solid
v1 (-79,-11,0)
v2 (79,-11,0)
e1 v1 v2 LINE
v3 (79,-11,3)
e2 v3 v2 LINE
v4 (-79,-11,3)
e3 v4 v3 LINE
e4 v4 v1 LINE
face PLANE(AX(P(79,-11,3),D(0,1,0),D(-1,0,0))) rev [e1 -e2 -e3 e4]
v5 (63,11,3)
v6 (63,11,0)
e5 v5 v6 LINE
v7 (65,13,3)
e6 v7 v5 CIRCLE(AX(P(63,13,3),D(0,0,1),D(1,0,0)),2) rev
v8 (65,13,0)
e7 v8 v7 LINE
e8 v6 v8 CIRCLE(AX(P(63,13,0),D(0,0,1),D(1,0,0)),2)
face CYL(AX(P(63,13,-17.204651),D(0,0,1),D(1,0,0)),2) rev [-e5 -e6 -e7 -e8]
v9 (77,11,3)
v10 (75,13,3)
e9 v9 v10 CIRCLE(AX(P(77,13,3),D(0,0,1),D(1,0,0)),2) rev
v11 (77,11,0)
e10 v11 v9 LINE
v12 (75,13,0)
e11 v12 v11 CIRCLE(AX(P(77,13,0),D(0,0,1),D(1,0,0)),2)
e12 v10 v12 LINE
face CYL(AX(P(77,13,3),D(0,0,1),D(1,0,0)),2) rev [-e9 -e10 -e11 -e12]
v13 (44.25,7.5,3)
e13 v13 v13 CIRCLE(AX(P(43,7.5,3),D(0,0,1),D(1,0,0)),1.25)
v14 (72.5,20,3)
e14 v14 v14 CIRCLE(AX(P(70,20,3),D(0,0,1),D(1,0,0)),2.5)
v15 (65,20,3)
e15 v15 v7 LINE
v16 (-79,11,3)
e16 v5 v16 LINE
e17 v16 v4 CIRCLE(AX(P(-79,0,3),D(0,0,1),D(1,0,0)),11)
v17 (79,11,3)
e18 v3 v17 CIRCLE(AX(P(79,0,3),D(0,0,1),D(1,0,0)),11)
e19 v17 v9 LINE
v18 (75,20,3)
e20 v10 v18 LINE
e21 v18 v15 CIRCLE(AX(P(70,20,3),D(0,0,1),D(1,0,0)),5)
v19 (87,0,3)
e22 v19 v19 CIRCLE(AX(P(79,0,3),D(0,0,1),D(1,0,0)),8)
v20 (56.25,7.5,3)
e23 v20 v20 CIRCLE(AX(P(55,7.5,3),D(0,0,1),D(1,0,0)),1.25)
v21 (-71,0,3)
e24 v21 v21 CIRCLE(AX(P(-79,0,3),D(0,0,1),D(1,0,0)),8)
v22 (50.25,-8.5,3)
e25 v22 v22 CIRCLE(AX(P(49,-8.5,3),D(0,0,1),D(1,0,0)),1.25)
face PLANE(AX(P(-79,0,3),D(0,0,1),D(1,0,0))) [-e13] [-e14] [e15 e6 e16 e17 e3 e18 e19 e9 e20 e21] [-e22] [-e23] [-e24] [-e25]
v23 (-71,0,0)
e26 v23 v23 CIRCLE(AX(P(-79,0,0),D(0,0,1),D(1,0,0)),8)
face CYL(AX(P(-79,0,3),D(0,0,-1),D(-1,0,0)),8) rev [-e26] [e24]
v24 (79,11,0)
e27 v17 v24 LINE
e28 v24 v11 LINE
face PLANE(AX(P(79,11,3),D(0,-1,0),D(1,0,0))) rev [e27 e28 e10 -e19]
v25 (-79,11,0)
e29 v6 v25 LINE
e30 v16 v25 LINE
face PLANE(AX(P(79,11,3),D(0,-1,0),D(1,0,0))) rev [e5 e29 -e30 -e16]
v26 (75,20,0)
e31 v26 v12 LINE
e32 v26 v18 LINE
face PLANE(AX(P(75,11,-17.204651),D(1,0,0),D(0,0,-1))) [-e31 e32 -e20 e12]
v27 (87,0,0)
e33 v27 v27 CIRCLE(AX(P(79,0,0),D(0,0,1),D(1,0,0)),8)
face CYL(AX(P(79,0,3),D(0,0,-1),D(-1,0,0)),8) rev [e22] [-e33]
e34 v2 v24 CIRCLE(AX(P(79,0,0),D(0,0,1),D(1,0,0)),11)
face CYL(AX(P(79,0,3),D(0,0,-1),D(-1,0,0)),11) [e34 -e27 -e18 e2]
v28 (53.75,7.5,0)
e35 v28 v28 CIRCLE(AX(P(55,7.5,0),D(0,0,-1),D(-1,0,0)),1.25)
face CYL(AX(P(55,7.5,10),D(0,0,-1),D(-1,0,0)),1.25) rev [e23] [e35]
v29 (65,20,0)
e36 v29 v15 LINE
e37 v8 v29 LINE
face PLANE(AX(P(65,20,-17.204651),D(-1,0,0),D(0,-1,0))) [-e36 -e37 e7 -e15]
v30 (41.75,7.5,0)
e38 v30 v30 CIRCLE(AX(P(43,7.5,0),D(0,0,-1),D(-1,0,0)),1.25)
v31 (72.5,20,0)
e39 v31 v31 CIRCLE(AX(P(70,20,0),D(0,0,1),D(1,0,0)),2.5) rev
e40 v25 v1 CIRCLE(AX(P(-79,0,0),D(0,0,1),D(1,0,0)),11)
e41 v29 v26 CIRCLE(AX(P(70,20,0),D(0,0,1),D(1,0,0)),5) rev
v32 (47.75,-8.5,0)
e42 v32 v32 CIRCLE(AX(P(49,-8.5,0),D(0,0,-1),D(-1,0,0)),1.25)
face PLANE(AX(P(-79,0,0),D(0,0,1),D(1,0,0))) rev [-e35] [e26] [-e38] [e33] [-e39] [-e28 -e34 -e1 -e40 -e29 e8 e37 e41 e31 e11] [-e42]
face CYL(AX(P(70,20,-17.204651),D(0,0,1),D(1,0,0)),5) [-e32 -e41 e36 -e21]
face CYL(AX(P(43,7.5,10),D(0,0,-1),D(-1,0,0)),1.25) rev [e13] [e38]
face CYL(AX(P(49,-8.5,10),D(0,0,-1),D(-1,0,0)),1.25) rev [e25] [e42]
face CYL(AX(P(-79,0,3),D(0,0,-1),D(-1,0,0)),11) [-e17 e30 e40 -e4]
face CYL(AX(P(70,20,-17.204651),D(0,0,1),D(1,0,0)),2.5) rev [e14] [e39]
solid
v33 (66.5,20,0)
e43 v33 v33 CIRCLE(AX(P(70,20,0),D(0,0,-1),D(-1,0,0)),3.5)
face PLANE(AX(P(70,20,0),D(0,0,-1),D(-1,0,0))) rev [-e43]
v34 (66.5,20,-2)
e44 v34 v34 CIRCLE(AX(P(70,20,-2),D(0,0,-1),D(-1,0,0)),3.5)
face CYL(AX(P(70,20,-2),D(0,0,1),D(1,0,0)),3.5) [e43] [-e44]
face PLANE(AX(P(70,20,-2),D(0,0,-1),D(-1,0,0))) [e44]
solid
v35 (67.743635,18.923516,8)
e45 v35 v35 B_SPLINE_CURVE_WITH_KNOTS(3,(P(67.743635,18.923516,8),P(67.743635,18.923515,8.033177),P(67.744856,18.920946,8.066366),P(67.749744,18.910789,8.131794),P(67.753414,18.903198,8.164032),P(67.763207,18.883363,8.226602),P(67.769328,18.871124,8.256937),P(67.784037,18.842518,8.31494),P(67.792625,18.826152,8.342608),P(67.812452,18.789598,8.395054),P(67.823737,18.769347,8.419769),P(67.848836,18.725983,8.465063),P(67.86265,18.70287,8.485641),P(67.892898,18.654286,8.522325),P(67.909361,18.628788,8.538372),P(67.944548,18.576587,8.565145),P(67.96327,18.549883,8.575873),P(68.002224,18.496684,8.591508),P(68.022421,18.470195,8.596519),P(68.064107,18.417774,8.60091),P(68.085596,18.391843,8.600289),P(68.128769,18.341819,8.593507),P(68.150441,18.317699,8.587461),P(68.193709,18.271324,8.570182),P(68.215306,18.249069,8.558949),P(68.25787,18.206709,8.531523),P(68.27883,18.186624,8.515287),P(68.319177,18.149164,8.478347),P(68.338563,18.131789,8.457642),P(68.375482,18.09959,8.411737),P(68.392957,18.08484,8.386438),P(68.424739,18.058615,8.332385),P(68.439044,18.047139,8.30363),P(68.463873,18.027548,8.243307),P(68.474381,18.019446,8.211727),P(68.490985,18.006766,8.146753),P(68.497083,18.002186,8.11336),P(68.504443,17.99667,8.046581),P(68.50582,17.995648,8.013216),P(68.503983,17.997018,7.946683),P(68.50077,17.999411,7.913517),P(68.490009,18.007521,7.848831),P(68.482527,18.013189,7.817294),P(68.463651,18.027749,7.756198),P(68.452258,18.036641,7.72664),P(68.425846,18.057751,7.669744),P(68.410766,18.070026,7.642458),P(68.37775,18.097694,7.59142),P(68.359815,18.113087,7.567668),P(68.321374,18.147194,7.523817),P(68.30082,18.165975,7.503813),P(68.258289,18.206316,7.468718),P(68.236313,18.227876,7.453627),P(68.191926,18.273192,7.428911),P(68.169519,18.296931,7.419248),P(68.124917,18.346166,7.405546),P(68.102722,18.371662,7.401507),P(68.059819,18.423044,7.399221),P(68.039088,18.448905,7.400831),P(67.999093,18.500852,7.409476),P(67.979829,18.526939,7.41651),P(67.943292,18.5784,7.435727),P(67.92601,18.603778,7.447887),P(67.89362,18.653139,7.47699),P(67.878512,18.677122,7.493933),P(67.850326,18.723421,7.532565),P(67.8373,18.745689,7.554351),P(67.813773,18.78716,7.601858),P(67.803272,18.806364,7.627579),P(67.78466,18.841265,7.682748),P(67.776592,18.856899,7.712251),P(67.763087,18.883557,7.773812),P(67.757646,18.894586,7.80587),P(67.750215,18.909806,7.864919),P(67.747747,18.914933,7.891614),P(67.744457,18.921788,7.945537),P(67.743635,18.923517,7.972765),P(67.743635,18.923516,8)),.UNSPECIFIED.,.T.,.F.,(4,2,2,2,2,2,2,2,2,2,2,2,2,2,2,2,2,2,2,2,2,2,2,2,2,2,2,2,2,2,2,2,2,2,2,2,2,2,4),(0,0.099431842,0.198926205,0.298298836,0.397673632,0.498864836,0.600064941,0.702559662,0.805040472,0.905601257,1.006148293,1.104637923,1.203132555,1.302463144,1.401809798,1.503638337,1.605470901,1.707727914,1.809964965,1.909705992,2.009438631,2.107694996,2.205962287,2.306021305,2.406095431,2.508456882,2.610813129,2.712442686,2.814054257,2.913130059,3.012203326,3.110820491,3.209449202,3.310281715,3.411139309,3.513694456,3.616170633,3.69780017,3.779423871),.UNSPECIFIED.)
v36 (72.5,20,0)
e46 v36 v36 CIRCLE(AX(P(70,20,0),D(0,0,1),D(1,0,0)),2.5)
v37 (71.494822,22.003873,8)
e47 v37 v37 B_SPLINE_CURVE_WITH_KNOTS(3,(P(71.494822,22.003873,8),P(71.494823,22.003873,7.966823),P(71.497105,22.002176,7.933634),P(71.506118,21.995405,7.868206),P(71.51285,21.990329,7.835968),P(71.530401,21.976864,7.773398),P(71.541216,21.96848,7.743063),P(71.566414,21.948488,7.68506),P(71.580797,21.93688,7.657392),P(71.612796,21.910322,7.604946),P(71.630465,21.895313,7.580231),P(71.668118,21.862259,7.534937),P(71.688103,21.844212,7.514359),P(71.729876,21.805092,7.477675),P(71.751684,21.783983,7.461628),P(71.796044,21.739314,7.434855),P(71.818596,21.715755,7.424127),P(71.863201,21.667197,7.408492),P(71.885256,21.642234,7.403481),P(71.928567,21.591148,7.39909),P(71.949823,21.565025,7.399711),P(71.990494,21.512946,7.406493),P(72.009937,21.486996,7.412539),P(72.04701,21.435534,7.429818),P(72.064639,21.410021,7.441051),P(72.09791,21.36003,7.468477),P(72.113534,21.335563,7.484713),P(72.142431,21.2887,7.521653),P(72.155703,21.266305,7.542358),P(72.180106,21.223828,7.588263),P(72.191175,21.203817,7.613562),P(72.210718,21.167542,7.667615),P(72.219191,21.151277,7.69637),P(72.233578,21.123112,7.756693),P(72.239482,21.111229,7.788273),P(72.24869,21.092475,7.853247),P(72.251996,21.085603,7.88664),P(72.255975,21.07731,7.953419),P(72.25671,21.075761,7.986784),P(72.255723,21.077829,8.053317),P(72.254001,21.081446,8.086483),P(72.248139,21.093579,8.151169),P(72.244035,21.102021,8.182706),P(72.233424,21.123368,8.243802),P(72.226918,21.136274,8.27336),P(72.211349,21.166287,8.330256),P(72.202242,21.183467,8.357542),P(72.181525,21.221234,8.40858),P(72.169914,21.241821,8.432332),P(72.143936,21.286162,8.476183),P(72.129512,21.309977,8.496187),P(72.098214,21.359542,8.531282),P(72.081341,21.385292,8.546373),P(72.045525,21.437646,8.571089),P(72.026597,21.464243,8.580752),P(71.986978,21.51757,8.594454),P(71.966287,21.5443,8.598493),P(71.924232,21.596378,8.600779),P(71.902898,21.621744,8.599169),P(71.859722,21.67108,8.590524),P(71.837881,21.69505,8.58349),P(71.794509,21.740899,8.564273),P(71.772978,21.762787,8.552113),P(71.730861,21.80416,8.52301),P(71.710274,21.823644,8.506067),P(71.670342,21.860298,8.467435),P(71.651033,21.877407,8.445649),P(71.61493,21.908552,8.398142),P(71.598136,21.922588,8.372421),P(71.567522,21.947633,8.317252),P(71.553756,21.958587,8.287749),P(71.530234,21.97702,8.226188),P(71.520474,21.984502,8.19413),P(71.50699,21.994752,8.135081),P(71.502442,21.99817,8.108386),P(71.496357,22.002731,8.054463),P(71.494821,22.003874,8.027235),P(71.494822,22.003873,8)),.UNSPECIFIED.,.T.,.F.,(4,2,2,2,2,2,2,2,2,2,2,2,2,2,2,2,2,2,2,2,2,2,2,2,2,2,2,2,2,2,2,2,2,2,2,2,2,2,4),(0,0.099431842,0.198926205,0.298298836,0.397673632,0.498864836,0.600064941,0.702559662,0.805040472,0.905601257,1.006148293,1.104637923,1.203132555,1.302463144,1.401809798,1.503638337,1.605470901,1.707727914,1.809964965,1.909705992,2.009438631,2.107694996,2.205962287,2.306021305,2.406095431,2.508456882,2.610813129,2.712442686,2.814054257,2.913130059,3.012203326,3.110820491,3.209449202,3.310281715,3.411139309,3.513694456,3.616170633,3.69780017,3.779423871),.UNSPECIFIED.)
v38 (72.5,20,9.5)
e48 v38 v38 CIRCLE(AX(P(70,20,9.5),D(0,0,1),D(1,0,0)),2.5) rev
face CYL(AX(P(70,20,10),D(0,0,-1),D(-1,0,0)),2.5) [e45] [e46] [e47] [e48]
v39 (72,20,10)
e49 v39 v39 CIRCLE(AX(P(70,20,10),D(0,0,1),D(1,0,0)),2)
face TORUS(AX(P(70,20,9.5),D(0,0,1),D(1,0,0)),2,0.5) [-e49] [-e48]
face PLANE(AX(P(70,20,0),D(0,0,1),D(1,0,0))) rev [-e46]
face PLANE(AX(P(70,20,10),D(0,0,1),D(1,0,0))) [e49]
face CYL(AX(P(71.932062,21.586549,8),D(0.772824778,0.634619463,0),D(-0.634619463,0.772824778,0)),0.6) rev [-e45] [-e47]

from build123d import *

# Parameters (mm, degrees)
ESQUISSE1_R             = 8
BOSS_EXTRU_1_DEPTH      = 3
ESQUISSE2_R             = 2.5
BOSS_EXTRU_2_DEPTH      = 3
CONG_2_R                = 2
ESQUISSE3_R             = 3.5
BOSS_EXTRU_3_DEPTH      = 2
ESQUISSE4_R             = 2.5
BOSS_EXTRU_4_DEPTH      = 10
CONG_3_R                = 0.5
ESQUISSE5_W             = 0.6
ESQUISSE5_H             = 145.82516777
ESQUISSE6_R             = 1.25
ENL_V_MAT_EXTRU_1_DEPTH = 11


with BuildPart() as part:
    # Esquisse1 → Boss.-Extru.1 (new body)
    with BuildSketch(Plane.XY):
        with BuildLine():
            Line((79, 11), (-79, 11))
            ThreePointArc((-79, 11), (-90, 0), (-79, -11))
            Line((-79, -11), (79, -11))
            ThreePointArc((79, -11), (90, 0), (79, 11))
        make_face()
        with Locations((-79, 0)):
            Circle(ESQUISSE1_R, mode=Mode.SUBTRACT)
        with Locations((79, 0)):
            Circle(ESQUISSE1_R, mode=Mode.SUBTRACT)
    extrude(amount=BOSS_EXTRU_1_DEPTH)

    # Esquisse2 → Boss.-Extru.2 (add)
    with BuildSketch(Plane.XY.offset(3)):
        with BuildLine():
            Line((75, 11), (75, 20))
            ThreePointArc((75, 20), (70, 25), (65, 20))
            Line((65, 20), (65, 11))
            Line((65, 11), (75, 11))
        make_face()
        with Locations((70, 20)):
            Circle(ESQUISSE2_R, mode=Mode.SUBTRACT)
    extrude(amount=-BOSS_EXTRU_2_DEPTH)

    # Congé2
    cong_2_edges = [part.edges().sort_by_distance(p)[0] for p in [
        (65, 11, 1.5),
        (75, 11, 1.5),
    ]]
    fillet(cong_2_edges, radius=CONG_2_R)

    # Esquisse6 → Enlèv. mat.-Extru.1 (cut, through all)
    with BuildSketch(Plane(origin=(0, 0, 0), x_dir=(-1, 0, 0), z_dir=(0, 0, -1))):
        with Locations((-55, 7.5)):
            Circle(ESQUISSE6_R)
        with Locations((-43, 7.5)):
            Circle(ESQUISSE6_R)
        with Locations((-49, -8.5)):
            Circle(ESQUISSE6_R)
    extrude(amount=-ENL_V_MAT_EXTRU_1_DEPTH, mode=Mode.SUBTRACT)


with BuildPart() as body_2:
    # Esquisse3 → Boss.-Extru.3 (new body)
    with BuildSketch(Plane(origin=(0, 0, 0), x_dir=(-1, 0, 0), z_dir=(0, 0, -1))):
        with Locations((-70, 20)):
            Circle(ESQUISSE3_R)
    extrude(amount=BOSS_EXTRU_3_DEPTH)


with BuildPart() as body_3:
    # Esquisse4 → Boss.-Extru.4 (new body)
    with BuildSketch(Plane.XY):
        with Locations((70, 20)):
            Circle(ESQUISSE4_R)
    extrude(amount=BOSS_EXTRU_4_DEPTH)

    # Congé3
    cong_3_edges = [body_3.edges().sort_by_distance(p)[0] for p in [
        (67.5, 20, 10),
    ]]
    fillet(cong_3_edges, radius=CONG_3_R)

    # Esquisse5 → Diamètre du perçage Ø1.2 (1.2)1 (revolve, cut)
    with BuildSketch(Plane(origin=(71.932061944, 21.586548658, 8), x_dir=(-0.634619463, 0.772824778, 0), z_dir=(0, 0, 1))):
        with Locations((0.3, 72.912583885)):
            Rectangle(ESQUISSE5_W, ESQUISSE5_H)
    revolve(axis=Axis((76.839499281, 25.61638225, 8), (-0.772824778, -0.634619463, 0)), mode=Mode.SUBTRACT)


solid = Compound([part.part, body_2.part, body_3.part])
